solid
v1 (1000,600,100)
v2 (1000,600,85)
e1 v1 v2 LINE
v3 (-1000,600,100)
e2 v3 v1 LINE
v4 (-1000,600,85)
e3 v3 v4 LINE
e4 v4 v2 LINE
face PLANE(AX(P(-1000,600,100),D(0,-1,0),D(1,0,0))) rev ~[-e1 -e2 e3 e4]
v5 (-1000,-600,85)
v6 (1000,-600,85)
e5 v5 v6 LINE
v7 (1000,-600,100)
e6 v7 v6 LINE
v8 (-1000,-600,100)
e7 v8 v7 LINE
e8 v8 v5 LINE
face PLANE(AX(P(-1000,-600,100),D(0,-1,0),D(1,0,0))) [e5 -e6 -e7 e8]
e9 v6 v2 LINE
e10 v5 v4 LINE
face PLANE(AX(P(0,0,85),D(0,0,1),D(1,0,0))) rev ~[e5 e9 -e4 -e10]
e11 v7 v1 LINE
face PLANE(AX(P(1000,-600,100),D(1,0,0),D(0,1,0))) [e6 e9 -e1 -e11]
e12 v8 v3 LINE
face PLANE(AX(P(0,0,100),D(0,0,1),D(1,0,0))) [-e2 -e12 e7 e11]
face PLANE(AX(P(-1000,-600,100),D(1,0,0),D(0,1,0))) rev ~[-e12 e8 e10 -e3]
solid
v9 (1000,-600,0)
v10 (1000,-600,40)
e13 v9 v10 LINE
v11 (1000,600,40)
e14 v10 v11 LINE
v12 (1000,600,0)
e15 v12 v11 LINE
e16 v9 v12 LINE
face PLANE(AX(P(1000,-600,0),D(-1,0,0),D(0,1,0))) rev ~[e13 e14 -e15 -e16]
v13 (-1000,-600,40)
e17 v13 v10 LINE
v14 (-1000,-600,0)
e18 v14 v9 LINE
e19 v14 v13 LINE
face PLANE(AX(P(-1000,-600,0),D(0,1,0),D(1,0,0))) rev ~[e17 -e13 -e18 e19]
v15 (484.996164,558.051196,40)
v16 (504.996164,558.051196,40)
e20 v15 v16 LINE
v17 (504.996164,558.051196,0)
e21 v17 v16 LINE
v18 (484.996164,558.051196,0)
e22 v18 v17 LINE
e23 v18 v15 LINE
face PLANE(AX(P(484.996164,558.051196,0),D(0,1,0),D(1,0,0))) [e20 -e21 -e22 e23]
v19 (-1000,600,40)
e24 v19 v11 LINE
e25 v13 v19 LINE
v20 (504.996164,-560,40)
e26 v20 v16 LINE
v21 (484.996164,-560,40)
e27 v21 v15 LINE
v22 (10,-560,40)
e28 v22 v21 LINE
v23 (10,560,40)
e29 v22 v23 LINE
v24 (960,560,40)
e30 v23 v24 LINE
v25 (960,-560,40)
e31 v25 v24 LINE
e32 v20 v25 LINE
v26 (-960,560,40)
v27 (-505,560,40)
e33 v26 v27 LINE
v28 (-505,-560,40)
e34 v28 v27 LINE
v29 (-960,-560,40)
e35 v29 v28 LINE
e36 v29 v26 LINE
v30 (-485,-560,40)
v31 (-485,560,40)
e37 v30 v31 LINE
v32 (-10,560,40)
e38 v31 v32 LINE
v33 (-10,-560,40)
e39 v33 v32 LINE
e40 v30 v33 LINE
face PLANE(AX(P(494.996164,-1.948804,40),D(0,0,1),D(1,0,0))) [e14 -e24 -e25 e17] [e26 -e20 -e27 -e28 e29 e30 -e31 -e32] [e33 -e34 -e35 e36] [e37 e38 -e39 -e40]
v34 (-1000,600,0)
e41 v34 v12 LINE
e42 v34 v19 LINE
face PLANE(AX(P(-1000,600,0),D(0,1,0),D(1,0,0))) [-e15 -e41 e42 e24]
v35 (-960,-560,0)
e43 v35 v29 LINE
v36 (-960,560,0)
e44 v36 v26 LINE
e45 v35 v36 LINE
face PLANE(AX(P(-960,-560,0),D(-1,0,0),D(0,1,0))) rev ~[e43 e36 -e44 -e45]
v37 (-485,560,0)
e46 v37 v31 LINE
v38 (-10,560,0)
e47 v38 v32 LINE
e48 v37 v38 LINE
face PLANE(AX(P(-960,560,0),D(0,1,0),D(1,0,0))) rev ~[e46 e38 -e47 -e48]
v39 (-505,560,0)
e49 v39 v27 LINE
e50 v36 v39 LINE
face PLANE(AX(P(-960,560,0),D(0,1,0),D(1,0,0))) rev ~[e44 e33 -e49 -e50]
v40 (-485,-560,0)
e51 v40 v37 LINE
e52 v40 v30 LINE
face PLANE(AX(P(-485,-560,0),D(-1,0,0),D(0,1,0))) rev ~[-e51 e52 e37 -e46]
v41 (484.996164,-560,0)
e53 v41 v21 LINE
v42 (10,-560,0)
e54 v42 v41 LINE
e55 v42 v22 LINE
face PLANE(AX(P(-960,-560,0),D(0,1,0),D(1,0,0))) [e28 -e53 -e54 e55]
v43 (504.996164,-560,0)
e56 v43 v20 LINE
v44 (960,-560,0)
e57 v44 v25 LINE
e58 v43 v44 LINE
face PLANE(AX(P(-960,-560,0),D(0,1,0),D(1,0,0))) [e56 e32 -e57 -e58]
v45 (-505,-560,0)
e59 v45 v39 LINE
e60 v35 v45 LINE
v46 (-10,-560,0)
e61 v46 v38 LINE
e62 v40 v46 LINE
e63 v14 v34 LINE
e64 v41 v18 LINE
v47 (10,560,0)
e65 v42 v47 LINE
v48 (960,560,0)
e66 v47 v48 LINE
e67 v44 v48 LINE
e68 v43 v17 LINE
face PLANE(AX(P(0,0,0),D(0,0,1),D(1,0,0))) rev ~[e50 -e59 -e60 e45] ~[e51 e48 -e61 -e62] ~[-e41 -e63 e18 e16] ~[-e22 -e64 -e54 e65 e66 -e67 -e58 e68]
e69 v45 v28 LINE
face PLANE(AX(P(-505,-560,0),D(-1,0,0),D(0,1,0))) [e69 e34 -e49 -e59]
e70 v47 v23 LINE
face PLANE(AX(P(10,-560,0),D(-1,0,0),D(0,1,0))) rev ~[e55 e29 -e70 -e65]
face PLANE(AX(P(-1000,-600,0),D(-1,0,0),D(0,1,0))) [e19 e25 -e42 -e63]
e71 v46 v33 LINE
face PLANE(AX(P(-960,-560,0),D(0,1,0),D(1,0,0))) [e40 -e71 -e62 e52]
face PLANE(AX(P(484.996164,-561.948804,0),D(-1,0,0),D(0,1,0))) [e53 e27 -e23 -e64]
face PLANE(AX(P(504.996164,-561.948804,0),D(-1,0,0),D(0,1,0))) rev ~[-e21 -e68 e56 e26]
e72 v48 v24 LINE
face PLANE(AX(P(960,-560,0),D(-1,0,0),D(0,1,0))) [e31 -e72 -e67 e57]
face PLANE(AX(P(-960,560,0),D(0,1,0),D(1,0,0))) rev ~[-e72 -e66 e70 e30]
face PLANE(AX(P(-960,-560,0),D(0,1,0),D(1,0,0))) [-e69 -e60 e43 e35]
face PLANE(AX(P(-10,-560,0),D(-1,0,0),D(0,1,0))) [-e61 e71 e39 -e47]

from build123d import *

# Parameters (mm, degrees)
F0_W     = 2000
F0_H     = 1200
F0_W_2   = 1920
F0_H_2   = 1120
F2_DEPTH = 40
F1_W     = 20
F1_H     = 1120
F3_DEPTH = 40
F5_W     = 2000
F5_H     = 1200
F6_DEPTH = 15


with BuildPart() as f2:
    # F0 (on Top) → F2 (new body)
    with BuildSketch(Plane.XY):
        Rectangle(F0_W, F0_H)
        Rectangle(F0_W_2, F0_H_2, mode=Mode.SUBTRACT)
    extrude(amount=F2_DEPTH)

    # F1 (on Top) → F3 (join)
    with BuildSketch(Plane.XY):
        Rectangle(F1_W, F1_H)
        with Locations((494.996164, -1.948804)):
            Rectangle(F1_W, F1_H)
        with Locations((-495, 0)):
            Rectangle(F1_W, F1_H)
    extrude(amount=F3_DEPTH)


with BuildPart() as f6:
    # F5 (on offset) → F6 (new body)
    with BuildSketch(Plane.XY.offset(100)):
        Rectangle(F5_W, F5_H)
    extrude(amount=-F6_DEPTH)


solid = Compound([f2.part, f6.part])
